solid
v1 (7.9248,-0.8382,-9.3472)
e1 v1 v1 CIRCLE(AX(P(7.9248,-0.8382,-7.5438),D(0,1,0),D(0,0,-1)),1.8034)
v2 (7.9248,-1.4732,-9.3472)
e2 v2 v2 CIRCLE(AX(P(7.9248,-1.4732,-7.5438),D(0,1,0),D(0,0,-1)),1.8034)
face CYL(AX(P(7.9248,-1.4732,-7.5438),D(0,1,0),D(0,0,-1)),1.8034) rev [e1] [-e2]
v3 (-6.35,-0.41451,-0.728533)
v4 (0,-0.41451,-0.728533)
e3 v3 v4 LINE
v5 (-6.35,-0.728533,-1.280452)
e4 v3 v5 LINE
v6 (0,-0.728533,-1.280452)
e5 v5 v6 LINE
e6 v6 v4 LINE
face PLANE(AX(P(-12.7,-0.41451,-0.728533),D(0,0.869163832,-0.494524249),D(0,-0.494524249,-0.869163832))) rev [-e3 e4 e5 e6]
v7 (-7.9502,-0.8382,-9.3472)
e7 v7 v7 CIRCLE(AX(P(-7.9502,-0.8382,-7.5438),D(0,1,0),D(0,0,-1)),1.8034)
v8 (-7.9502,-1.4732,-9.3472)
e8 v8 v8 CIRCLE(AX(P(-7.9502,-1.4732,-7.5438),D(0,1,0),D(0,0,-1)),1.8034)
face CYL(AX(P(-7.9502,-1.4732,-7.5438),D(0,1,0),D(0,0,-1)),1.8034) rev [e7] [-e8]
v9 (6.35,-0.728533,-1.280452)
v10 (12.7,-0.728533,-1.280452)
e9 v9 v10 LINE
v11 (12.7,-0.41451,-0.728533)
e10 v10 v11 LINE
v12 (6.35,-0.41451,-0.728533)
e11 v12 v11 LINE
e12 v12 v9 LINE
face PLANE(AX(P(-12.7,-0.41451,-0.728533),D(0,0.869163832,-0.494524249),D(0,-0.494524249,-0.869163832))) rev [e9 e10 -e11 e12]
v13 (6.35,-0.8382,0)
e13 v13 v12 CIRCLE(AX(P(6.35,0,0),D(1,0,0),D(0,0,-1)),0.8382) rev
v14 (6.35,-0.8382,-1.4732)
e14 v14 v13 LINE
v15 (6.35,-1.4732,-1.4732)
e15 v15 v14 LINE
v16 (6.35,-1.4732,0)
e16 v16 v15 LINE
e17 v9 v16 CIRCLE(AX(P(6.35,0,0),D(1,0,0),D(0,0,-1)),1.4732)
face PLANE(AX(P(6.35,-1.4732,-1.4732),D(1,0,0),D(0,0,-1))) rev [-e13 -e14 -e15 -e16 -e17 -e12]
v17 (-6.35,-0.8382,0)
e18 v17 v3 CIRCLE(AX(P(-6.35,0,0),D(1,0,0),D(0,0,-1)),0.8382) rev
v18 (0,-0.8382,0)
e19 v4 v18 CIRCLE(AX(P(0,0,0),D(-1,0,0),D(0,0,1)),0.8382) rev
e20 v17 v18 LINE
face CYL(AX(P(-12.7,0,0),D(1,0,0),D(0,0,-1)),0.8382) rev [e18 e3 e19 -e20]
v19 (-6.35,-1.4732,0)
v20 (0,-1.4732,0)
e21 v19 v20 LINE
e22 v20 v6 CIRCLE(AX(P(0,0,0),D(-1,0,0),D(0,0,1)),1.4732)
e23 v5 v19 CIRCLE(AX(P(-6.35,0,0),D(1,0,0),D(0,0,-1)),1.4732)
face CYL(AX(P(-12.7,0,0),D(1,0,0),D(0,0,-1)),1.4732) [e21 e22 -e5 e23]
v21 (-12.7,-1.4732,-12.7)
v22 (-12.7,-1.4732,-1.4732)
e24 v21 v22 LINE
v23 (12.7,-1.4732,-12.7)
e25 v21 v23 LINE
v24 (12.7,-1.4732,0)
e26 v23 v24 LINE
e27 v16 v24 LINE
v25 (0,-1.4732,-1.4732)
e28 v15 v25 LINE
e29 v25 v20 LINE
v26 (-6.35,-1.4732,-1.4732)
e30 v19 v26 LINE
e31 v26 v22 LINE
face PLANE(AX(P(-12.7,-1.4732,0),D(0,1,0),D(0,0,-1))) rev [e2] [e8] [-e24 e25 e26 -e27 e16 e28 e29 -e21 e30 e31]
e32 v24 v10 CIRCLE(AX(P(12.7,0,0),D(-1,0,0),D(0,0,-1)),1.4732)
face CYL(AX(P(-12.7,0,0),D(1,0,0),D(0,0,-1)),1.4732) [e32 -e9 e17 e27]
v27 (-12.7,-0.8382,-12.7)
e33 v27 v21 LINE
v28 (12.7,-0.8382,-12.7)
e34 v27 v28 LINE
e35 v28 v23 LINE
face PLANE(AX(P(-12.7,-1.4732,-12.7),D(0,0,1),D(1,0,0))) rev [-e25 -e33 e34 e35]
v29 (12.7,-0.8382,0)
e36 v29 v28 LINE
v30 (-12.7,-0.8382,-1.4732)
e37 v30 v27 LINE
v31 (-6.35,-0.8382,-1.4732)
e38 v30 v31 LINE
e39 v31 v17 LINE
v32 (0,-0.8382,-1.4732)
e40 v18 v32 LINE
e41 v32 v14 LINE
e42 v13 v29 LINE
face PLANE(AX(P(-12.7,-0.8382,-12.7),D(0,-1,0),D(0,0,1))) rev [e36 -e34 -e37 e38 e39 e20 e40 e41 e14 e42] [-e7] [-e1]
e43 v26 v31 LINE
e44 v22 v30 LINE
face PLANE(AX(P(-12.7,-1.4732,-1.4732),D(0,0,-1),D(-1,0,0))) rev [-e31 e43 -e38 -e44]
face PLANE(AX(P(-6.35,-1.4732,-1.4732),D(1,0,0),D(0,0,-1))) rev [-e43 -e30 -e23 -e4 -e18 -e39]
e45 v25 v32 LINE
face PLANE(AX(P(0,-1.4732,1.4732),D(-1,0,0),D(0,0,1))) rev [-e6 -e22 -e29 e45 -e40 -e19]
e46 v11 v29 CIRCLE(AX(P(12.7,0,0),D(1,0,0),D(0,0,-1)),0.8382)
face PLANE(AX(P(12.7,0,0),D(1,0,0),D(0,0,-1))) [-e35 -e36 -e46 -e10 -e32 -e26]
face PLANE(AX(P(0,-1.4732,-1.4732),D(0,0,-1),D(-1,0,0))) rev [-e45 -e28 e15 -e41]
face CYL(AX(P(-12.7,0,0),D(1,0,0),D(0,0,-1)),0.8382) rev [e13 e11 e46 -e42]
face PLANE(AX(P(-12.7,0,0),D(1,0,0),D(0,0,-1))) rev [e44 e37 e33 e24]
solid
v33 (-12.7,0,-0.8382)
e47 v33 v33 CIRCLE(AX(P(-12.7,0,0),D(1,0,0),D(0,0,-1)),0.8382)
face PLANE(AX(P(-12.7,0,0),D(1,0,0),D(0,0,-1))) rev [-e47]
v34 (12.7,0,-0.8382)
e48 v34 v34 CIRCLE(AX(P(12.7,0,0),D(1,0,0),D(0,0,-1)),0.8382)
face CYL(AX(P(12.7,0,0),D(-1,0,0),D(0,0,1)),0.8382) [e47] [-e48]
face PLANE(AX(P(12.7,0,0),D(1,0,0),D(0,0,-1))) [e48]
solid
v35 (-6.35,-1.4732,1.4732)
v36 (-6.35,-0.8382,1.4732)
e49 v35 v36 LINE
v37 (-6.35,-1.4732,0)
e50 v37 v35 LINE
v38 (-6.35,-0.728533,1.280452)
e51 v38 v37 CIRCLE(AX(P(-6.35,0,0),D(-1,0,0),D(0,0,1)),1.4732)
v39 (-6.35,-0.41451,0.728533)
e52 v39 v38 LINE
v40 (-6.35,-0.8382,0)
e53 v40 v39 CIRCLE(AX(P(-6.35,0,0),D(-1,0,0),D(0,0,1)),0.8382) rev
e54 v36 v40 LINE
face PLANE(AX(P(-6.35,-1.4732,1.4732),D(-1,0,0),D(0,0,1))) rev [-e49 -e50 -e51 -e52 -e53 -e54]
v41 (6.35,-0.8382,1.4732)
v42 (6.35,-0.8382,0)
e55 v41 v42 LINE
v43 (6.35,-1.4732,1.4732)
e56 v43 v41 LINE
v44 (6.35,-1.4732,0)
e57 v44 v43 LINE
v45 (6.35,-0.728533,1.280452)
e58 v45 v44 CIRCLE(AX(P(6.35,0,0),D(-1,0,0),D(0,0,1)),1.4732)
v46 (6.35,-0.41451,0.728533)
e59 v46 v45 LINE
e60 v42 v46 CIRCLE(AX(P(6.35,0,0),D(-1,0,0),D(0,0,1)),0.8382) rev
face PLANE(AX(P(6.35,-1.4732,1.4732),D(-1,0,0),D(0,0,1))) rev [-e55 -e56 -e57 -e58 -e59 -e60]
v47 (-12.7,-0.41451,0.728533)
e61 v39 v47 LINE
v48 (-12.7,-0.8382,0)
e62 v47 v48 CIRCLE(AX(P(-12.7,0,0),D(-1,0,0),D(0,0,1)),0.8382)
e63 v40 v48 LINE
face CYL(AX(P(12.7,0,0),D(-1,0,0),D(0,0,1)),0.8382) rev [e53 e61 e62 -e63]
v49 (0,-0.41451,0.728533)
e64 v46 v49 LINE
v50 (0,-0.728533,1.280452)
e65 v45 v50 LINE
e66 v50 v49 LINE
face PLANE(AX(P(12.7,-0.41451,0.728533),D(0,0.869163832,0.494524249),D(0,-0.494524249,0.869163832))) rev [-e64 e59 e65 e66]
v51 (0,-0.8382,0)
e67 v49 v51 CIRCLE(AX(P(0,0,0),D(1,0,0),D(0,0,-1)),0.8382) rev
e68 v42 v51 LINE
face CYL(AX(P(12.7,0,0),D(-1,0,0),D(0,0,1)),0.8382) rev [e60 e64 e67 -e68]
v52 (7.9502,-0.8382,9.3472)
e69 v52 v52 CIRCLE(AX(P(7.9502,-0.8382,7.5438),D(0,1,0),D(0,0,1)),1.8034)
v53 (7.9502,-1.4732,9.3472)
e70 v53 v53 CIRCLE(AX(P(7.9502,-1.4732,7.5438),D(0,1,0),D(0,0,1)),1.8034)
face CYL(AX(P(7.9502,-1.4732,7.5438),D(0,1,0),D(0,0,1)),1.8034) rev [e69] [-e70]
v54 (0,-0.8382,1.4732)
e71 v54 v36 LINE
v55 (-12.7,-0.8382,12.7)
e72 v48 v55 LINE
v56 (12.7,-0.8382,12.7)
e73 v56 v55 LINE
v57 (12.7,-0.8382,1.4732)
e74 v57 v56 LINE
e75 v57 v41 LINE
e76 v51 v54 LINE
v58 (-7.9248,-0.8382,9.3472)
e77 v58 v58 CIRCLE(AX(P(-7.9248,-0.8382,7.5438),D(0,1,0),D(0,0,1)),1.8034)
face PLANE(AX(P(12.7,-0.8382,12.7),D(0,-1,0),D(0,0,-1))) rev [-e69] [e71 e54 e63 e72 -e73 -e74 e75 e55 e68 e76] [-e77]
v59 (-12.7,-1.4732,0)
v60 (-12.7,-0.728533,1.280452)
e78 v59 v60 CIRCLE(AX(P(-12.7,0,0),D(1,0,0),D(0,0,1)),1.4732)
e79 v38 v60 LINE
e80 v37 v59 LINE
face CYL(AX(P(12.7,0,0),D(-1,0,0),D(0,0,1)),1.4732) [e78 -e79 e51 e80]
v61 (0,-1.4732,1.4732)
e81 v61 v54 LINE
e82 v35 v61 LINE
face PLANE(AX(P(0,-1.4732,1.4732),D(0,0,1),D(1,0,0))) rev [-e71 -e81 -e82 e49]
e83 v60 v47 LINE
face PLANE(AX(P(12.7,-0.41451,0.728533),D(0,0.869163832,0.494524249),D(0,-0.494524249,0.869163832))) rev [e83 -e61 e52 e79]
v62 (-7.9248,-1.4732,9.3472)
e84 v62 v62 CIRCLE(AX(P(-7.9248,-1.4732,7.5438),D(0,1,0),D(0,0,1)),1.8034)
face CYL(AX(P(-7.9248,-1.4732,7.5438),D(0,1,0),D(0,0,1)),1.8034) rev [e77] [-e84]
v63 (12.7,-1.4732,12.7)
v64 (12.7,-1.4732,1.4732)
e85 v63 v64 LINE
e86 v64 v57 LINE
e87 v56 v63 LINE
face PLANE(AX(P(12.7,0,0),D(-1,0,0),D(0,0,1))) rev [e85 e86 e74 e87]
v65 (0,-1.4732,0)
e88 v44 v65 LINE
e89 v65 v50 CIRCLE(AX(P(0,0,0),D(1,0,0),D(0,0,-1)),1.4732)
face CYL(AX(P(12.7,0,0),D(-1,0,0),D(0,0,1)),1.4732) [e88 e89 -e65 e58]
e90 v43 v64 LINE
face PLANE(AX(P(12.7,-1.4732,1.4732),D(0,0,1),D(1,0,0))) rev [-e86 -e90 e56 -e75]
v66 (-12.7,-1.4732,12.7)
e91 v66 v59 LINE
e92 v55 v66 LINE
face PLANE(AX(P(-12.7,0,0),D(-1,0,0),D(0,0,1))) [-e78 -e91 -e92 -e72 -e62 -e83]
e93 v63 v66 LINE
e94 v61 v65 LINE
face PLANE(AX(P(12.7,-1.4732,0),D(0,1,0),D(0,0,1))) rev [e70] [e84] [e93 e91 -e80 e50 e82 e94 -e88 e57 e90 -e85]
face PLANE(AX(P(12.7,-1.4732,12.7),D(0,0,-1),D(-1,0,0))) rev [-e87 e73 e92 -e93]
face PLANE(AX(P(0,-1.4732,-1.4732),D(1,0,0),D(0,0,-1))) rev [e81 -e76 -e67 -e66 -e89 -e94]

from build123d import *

# Parameters (mm, degrees)
BOSS_EXTRUDE1_DEPTH = 12.7
SKETCH4_W           = 6.35
SKETCH4_H           = 2.9464
CUT_EXTRUDE1_DEPTH  = 19.020830121
LPATTERN1_COUNT     = 6
LPATTERN1_PITCH     = 12.7
SKETCH5_R           = 1.8034
CUT_EXTRUDE2_DEPTH  = 19.108632471
CIRPATTERN1_COUNT   = 2
SKETCH6_R           = 0.8382
BOSS_EXTRUDE2_DEPTH = 12.7


with BuildPart() as part:
    # Sketch3 → Boss-Extrude1 (new, symmetric)
    with BuildSketch(Plane(origin=(0, 0, 0), x_dir=(0, 0, -1), z_dir=(1, 0, 0))):
        with BuildLine():
            Line((0, -1.4732), (-12.7, -1.4732))
            Line((-12.7, -1.4732), (-12.7, -0.8382))
            Line((-12.7, -0.8382), (0, -0.8382))
            ThreePointArc((0, -0.8382), (0.421388638, 0.724576328), (-0.728533124, -0.414510226))
            Line((-0.728533124, -0.414510226), (-1.280452157, -0.728533124))
            ThreePointArc((-1.280452157, -0.728533124), (0.740622455, 1.273497789), (0, -1.4732))
        make_face()
    extrude(amount=BOSS_EXTRUDE1_DEPTH, both=True)

    # Sketch4 → Cut-Extrude1 (cut, symmetric)
    with BuildSketch(Plane(origin=(0, 0, 0), x_dir=(1, 0, 0), z_dir=(0, 1, 0))):
        with Locations((-3.175, 0)):
            Rectangle(SKETCH4_W, SKETCH4_H)
    cut_extrude1 = extrude(amount=CUT_EXTRUDE1_DEPTH, both=True, mode=Mode.SUBTRACT)

    # LPattern1: Cut-Extrude1 ×6
    with Locations(*[(i * LPATTERN1_PITCH, 0, 0) for i in range(1, LPATTERN1_COUNT)]):
        add(cut_extrude1, mode=Mode.SUBTRACT)

    # Sketch5 → Cut-Extrude2 (cut, through all)
    with BuildSketch(Plane(origin=(0, -0.8382, 0), x_dir=(1, 0, 0), z_dir=(0, 1, 0))):
        with Locations(Location((7.9502, -7.5438, 0), (0, 0, 270))):
            Circle(SKETCH5_R)
        with Locations(Location((-7.9248, -7.5438, 0), (0, 0, 270))):
            Circle(SKETCH5_R)
    extrude(amount=-CUT_EXTRUDE2_DEPTH, mode=Mode.SUBTRACT)


with BuildPart() as cirpattern1_1:
    # CirPattern1: pattern copy
    add(part.part.rotate(Axis((0, 0, 0), (0, 1, 0)), 1 * 360 / CIRPATTERN1_COUNT))


with BuildPart() as body_3:
    # Sketch6 → Boss-Extrude2 (new, symmetric)
    with BuildSketch(Plane(origin=(0, 0, 0), x_dir=(0, 0, -1), z_dir=(1, 0, 0))):
        Circle(SKETCH6_R)
    extrude(amount=BOSS_EXTRUDE2_DEPTH, both=True)


solid = Compound([part.part, cirpattern1_1.part, body_3.part])
